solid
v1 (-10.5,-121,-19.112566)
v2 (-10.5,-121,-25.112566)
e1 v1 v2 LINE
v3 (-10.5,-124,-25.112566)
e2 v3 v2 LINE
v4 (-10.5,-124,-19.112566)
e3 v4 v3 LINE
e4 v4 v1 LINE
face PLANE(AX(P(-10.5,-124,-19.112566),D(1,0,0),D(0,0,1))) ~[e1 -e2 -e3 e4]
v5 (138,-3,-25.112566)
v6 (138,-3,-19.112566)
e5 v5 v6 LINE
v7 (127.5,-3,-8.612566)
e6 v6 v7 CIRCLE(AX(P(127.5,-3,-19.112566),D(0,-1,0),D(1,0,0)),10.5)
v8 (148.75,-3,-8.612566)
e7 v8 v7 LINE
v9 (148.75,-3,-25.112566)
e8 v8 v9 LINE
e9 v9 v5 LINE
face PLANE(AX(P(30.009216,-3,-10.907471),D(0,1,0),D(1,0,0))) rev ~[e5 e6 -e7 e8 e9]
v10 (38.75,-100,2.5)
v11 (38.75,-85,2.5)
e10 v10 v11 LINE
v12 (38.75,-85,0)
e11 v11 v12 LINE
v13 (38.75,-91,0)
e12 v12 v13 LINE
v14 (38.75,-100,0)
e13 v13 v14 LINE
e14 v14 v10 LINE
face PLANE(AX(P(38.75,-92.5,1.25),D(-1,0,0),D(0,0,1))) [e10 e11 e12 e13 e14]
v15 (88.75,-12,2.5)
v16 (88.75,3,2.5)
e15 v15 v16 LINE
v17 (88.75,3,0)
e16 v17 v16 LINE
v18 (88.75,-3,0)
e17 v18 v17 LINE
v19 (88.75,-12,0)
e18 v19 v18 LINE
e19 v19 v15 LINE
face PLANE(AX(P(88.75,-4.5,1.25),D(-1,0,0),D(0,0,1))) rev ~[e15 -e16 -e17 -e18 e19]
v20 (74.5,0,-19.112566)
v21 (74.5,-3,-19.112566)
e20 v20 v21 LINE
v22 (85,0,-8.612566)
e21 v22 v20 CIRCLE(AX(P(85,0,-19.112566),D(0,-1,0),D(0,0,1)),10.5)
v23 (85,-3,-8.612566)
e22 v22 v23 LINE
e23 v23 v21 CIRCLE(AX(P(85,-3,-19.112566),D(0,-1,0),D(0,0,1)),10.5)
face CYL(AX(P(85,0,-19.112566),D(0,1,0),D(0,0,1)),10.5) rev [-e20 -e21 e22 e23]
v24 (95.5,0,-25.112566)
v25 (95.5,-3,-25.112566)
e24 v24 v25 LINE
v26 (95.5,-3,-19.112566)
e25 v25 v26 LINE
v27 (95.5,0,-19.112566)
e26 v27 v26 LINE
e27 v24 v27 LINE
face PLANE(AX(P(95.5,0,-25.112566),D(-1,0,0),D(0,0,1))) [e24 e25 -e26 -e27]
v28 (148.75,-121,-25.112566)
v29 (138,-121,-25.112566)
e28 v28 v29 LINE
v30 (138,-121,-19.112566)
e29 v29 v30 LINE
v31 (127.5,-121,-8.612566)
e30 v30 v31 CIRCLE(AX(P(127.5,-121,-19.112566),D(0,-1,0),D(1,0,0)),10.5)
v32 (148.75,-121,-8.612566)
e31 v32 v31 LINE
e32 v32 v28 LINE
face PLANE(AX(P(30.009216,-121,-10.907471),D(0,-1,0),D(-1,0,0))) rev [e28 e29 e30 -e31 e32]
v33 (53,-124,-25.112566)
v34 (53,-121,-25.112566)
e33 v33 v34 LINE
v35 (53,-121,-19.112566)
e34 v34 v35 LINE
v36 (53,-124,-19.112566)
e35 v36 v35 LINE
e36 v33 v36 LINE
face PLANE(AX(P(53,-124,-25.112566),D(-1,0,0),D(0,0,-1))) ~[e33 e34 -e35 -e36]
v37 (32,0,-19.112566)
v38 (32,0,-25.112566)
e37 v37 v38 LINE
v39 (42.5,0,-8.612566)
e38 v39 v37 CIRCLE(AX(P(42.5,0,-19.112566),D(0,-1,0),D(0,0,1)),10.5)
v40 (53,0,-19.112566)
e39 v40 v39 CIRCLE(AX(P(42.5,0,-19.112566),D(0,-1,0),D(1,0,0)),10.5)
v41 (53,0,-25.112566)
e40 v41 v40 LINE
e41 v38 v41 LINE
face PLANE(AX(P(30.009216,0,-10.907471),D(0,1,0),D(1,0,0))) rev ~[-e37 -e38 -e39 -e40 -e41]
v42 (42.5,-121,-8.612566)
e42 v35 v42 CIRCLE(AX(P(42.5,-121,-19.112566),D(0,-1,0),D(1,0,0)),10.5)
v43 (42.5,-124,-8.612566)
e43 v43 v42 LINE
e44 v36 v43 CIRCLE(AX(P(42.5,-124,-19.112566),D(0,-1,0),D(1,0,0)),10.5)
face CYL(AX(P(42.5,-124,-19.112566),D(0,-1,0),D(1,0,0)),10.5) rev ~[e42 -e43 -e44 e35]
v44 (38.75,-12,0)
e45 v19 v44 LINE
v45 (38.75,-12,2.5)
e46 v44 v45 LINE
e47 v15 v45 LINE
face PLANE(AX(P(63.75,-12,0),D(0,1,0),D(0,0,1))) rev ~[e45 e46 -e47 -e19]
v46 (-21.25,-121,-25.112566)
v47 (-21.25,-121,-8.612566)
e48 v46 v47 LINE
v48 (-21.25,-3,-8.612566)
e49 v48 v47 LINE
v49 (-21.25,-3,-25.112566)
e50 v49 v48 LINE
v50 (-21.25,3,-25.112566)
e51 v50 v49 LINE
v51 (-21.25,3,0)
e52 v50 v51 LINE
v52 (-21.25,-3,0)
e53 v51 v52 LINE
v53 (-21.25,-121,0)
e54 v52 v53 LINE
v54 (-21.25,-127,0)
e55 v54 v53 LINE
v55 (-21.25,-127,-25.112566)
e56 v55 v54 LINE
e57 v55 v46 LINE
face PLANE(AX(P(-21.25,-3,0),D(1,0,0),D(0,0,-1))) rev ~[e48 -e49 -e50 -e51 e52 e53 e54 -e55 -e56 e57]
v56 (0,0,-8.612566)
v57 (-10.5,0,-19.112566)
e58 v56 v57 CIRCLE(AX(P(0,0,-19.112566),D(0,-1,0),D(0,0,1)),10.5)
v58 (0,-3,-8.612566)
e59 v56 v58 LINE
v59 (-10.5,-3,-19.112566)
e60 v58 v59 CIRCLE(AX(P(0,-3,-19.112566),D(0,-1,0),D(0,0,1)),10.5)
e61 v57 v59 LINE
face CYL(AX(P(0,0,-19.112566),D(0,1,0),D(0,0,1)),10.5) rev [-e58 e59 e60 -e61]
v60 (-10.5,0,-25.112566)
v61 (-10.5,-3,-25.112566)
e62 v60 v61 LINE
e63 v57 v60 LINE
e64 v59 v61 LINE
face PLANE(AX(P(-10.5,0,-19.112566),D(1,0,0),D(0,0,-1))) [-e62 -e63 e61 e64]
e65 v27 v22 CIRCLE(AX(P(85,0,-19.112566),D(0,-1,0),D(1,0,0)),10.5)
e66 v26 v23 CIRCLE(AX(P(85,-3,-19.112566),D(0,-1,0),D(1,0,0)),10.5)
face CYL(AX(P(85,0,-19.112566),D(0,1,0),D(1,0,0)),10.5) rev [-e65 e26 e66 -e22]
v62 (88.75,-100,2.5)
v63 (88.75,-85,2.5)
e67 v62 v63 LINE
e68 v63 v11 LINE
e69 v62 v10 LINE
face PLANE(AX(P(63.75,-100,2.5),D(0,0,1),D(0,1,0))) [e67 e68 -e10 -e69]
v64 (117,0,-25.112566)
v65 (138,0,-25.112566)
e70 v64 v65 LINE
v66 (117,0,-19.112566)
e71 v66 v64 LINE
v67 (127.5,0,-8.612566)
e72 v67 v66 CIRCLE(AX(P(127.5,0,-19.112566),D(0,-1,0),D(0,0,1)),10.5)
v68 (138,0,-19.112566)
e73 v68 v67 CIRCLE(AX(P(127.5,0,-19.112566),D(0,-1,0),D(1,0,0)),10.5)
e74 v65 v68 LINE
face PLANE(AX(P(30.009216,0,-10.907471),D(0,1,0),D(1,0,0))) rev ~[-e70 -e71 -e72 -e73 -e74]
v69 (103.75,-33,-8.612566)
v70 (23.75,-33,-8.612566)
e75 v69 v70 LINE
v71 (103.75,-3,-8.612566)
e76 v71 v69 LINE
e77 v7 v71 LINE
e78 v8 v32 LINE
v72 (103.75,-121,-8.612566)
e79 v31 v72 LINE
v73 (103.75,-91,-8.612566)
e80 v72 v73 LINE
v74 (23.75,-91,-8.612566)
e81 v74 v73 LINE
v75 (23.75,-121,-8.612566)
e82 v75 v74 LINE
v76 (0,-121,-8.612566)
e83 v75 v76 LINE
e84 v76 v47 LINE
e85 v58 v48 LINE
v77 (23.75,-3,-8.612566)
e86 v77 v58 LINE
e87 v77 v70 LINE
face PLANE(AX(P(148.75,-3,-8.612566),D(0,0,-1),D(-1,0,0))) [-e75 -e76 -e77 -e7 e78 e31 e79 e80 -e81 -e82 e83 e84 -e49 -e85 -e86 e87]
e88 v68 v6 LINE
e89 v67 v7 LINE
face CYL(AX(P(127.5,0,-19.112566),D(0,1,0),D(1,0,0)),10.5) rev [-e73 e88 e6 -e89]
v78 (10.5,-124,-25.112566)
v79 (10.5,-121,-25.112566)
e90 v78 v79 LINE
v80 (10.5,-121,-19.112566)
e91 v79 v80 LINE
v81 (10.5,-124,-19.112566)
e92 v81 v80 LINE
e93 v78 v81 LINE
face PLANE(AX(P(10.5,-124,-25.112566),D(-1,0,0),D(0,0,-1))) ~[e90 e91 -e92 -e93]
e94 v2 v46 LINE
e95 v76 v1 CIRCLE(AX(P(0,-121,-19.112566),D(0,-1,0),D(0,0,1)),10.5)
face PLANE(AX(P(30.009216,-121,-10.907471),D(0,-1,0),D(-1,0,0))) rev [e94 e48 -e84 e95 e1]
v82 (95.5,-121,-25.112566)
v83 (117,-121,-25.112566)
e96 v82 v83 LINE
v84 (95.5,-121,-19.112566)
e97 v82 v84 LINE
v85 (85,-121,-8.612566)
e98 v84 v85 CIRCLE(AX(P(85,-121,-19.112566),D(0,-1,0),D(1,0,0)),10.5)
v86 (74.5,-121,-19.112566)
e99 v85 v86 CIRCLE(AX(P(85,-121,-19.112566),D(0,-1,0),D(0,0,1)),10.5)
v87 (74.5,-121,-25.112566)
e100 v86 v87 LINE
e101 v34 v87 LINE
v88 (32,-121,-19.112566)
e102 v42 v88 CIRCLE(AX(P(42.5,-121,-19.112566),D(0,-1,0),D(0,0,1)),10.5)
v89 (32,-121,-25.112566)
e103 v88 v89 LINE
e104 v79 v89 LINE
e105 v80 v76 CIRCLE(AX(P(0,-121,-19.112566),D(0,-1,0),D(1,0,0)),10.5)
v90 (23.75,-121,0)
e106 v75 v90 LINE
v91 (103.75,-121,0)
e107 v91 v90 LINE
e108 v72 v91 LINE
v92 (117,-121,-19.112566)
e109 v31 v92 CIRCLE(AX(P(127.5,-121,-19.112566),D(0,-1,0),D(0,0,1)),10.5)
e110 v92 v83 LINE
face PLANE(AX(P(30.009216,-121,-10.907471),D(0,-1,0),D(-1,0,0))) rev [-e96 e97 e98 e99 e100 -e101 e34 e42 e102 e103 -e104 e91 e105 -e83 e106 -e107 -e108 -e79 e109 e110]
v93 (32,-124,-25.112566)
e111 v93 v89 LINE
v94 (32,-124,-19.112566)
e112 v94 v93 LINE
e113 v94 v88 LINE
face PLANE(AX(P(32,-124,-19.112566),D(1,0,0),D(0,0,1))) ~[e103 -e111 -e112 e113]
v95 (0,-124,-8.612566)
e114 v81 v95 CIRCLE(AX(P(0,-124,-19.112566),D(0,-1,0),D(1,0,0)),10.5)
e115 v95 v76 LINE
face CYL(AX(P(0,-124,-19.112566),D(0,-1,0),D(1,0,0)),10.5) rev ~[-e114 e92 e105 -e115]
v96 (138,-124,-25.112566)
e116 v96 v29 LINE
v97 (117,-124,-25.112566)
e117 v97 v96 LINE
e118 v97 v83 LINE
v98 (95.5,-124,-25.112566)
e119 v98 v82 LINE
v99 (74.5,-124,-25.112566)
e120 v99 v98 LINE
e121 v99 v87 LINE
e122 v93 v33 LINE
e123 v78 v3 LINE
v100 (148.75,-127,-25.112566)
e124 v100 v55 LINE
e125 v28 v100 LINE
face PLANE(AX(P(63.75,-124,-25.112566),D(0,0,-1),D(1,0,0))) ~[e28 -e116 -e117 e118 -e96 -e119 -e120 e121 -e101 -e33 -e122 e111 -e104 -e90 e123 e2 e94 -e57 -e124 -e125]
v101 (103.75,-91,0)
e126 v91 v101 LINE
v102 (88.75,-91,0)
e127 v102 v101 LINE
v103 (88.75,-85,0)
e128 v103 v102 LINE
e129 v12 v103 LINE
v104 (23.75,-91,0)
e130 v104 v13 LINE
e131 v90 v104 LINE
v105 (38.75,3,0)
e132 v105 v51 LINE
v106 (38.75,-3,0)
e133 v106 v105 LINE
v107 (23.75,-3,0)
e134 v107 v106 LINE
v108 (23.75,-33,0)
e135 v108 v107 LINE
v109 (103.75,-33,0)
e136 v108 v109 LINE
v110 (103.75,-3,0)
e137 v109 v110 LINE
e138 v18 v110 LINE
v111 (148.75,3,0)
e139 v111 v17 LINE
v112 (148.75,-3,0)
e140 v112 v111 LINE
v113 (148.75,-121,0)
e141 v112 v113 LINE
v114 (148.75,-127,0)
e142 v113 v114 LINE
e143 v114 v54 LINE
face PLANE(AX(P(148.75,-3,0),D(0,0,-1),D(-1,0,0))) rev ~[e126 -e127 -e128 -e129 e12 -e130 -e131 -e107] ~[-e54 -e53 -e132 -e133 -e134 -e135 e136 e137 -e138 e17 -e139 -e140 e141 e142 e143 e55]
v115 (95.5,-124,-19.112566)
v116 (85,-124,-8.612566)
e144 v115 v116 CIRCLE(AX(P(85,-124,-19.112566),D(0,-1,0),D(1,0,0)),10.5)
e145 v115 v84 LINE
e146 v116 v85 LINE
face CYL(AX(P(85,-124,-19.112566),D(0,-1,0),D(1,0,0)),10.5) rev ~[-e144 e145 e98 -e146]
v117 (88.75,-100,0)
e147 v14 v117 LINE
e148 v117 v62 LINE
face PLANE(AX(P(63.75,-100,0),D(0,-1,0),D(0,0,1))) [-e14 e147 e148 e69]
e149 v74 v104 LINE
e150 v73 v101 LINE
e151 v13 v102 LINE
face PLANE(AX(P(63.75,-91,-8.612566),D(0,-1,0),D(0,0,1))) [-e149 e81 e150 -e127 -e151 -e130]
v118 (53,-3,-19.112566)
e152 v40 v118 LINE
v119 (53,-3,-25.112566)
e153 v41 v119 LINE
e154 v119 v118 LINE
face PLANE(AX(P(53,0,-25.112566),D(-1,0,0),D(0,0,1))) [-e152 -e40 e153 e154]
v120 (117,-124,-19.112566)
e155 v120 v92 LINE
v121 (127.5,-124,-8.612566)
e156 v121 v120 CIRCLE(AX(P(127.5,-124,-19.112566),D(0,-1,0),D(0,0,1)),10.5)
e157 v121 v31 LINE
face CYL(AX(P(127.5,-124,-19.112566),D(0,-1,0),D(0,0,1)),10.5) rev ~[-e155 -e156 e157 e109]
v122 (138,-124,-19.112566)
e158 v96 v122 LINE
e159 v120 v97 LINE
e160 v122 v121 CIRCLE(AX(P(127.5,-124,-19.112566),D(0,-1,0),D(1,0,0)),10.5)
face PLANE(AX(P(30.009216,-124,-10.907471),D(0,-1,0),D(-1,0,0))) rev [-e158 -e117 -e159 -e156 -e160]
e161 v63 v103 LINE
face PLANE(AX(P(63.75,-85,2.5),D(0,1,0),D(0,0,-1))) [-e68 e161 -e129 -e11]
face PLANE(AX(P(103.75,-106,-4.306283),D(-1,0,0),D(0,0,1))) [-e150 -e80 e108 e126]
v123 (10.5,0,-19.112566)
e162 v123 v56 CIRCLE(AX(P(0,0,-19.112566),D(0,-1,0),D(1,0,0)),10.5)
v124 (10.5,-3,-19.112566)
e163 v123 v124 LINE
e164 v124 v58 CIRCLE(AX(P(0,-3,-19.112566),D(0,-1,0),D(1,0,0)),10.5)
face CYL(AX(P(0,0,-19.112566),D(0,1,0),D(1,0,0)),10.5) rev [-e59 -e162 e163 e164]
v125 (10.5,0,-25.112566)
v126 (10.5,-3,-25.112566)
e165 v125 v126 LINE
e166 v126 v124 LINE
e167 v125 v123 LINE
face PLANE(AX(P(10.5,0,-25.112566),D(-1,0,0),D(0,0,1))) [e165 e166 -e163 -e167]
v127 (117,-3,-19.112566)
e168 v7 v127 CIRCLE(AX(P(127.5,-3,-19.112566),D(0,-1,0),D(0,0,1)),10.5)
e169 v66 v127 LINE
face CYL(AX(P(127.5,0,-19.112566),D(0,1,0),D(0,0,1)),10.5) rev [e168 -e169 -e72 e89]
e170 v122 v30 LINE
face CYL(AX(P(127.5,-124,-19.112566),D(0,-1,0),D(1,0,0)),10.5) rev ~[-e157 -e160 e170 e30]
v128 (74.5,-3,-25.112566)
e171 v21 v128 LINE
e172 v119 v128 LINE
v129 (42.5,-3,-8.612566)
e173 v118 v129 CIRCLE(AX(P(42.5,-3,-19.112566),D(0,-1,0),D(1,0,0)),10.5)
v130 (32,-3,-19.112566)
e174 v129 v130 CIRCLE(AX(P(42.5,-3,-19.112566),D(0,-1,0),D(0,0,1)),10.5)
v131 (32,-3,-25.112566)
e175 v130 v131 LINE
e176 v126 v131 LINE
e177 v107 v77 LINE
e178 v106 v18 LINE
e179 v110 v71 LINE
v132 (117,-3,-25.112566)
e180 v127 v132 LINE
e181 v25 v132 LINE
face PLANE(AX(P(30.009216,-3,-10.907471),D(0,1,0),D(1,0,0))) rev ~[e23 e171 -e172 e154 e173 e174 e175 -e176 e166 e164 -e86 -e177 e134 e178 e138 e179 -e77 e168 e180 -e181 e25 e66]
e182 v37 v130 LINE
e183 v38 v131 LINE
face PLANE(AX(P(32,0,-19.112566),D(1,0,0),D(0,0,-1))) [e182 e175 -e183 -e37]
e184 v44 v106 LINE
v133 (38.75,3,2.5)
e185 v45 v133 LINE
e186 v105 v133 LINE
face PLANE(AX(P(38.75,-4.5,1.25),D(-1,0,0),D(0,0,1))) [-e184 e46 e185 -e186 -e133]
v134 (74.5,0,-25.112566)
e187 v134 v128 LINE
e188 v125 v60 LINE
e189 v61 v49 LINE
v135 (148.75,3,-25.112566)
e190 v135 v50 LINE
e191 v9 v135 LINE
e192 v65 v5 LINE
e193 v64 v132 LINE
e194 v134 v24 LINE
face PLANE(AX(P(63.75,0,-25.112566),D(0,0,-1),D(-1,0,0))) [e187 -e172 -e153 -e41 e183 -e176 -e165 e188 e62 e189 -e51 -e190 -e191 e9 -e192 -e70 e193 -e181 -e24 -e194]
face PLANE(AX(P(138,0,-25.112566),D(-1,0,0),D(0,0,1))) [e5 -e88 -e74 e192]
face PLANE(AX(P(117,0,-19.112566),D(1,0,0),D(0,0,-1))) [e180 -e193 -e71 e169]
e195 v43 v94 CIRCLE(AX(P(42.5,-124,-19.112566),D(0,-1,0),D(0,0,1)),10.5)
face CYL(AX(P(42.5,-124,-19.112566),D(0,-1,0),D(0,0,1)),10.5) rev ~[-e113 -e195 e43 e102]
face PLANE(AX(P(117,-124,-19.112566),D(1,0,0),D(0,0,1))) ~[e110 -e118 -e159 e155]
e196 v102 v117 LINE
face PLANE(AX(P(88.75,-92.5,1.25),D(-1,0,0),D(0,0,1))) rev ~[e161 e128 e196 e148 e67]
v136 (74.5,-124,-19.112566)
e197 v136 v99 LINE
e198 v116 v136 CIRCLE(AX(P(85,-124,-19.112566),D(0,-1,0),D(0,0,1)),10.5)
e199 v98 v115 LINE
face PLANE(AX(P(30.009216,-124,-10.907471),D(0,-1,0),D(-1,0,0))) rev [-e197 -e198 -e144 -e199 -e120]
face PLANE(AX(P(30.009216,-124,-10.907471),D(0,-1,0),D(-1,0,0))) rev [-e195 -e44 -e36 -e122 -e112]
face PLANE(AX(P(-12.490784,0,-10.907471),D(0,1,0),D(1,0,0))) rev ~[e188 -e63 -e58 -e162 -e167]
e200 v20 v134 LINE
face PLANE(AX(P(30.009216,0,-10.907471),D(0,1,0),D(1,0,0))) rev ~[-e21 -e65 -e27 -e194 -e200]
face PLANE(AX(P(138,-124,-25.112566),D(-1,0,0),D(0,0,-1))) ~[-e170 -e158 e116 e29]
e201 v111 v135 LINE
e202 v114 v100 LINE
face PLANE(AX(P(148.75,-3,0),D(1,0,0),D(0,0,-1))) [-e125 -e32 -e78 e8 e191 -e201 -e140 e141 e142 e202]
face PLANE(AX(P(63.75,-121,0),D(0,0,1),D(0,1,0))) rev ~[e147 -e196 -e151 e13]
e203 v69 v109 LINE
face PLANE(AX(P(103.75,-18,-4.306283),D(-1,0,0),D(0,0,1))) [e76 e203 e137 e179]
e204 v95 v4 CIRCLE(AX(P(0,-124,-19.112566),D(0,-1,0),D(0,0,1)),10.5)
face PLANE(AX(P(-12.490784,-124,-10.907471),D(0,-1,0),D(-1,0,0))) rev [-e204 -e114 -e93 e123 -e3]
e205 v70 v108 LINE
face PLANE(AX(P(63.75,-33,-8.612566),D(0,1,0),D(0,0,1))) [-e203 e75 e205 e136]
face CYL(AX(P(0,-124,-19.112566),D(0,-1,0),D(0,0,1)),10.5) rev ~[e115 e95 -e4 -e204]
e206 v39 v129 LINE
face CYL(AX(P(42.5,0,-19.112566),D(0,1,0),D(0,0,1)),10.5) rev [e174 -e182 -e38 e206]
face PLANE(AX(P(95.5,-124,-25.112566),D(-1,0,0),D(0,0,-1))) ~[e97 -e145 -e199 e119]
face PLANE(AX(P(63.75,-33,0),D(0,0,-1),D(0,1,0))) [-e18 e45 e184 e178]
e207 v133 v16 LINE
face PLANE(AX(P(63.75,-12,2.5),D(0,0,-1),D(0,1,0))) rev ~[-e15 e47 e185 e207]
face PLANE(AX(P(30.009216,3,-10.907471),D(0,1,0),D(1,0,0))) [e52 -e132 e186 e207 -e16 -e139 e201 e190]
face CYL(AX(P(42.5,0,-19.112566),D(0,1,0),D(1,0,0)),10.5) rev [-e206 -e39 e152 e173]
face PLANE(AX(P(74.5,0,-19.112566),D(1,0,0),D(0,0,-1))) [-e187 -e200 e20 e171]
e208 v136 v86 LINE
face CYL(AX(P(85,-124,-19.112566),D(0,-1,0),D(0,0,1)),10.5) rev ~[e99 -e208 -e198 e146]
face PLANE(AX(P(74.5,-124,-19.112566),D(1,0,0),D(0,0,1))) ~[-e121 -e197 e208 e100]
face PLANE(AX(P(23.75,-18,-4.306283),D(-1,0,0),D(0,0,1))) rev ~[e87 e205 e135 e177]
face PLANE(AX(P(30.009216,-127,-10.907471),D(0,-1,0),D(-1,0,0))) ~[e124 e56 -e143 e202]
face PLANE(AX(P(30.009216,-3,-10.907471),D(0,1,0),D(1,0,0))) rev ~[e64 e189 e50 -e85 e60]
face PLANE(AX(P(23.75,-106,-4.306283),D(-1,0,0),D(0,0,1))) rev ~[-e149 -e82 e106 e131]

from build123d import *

# Parameters (mm, degrees)
BOSS_EXTRUDE1_DEPTH = 3
BOSS_EXTRUDE2_DEPTH = 3
LPATTERN1_COUNT     = 4
LPATTERN1_PITCH     = 42.5
SKETCH2_W           = 170
SKETCH2_H           = 8.612566395
BOSS_EXTRUDE3_DEPTH = 118
SKETCH4_W           = 2.5
SKETCH4_H           = 15
BOSS_EXTRUDE4_DEPTH = 25
SKETCH4_3_W         = 8.612566395
SKETCH4_3_H         = 30
CUT_EXTRUDE1_DEPTH  = 40


with BuildPart() as part:
    # Sketch1 → Boss-Extrude1 (new body)
    with BuildSketch(Plane(origin=(0, 0, 0), x_dir=(1, 0, 0), z_dir=(0, 1, 0))):
        with BuildLine():
            Line((-21.25, 0), (0, 0))
            Line((0, 0), (0, 8.612566395))
            ThreePointArc((0, 8.612566395), (-7.424621202, 11.687945192), (-10.5, 19.112566395))
            Line((-10.5, 19.112566395), (-10.5, 25.112566395))
            Line((-10.5, 25.112566395), (-21.25, 25.112566395))
            Line((-21.25, 25.112566395), (-21.25, 0))
        make_face()
        with BuildLine():
            Line((0, 8.612566395), (0, 0))
            Line((0, 0), (21.25, 0))
            Line((21.25, 0), (21.25, 25.112566395))
            Line((21.25, 25.112566395), (10.5, 25.112566395))
            Line((10.5, 25.112566395), (10.5, 19.112566395))
            ThreePointArc((10.5, 19.112566395), (7.424621202, 11.687945192), (0, 8.612566395))
        make_face()
        with BuildLine():
            ThreePointArc((-10.5, 19.112566395), (-7.424621202, 11.687945192), (0, 8.612566395))
            Line((0, 8.612566395), (0, 25.112566395))
            Line((0, 25.112566395), (-10.5, 25.112566395))
            Line((-10.5, 25.112566395), (-10.5, 19.112566395))
        make_face()
        with BuildLine():
            Line((0, 25.112566395), (0, 8.612566395))
            ThreePointArc((0, 8.612566395), (7.424621202, 11.687945192), (10.5, 19.112566395))
            Line((10.5, 19.112566395), (10.5, 25.112566395))
            Line((10.5, 25.112566395), (0, 25.112566395))
        make_face()
    boss_extrude1 = extrude(amount=BOSS_EXTRUDE1_DEPTH)

    # Sketch1<3> → Boss-Extrude2 (add)
    with BuildSketch(Plane(origin=(0, 0, 0), x_dir=(1, 0, 0), z_dir=(0, 1, 0))):
        with BuildLine():
            Line((-21.25, 0), (0, 0))
            Line((0, 0), (0, 8.612566395))
            ThreePointArc((0, 8.612566395), (-7.424621202, 11.687945192), (-10.5, 19.112566395))
            Line((-10.5, 19.112566395), (-10.5, 25.112566395))
            Line((-10.5, 25.112566395), (-21.25, 25.112566395))
            Line((-21.25, 25.112566395), (-21.25, 0))
        make_face()
        with BuildLine():
            Line((0, 8.612566395), (0, 0))
            Line((0, 0), (21.25, 0))
            Line((21.25, 0), (21.25, 25.112566395))
            Line((21.25, 25.112566395), (10.5, 25.112566395))
            Line((10.5, 25.112566395), (10.5, 19.112566395))
            ThreePointArc((10.5, 19.112566395), (7.424621202, 11.687945192), (0, 8.612566395))
        make_face()
    boss_extrude2 = extrude(amount=-BOSS_EXTRUDE2_DEPTH)

    # LPattern1: Boss-Extrude1, Boss-Extrude2 ×4
    with Locations(*[(i * LPATTERN1_PITCH, 0, 0) for i in range(1, LPATTERN1_COUNT)]):
        add(boss_extrude1)
        add(boss_extrude2)

    # Sketch2 → Boss-Extrude3 (add)
    with BuildSketch(Plane(origin=(0, -3, 0), x_dir=(-1, 0, 0), z_dir=(0, -1, 0))):
        with Locations((-63.75, 4.306283197)):
            Rectangle(SKETCH2_W, SKETCH2_H)
    extrude(amount=BOSS_EXTRUDE3_DEPTH)

    # Mirror2: part across plane


with BuildPart() as part_1:
    add(part.part)
    add(part.part.mirror(Plane(origin=(0, -62, 0), x_dir=(0, 0, 1), z_dir=(0, -1, 0))))

    # Sketch4 → Boss-Extrude4 (add, symmetric)
    with BuildSketch(Plane.ZY.offset(-63.75)):
        with Locations((1.25, -4.5)):
            Rectangle(SKETCH4_W, SKETCH4_H)
        Polygon((0, -91), (0, -100), (2.5, -100), (2.5, -85), (0, -85), align=None)
    extrude(amount=BOSS_EXTRUDE4_DEPTH, both=True)

    # Sketch4<3> → Cut-Extrude1 (cut, symmetric)
    with BuildSketch(Plane.ZY.offset(-63.75)):
        Polygon((0, -12), (0, -3), (-8.612566395, -3), (-8.612566395, -33), (0, -33), align=None)
        with Locations((-4.306283197, -106)):
            Rectangle(SKETCH4_3_W, SKETCH4_3_H)
    extrude(amount=CUT_EXTRUDE1_DEPTH, both=True, mode=Mode.SUBTRACT)


solid = part_1.part
